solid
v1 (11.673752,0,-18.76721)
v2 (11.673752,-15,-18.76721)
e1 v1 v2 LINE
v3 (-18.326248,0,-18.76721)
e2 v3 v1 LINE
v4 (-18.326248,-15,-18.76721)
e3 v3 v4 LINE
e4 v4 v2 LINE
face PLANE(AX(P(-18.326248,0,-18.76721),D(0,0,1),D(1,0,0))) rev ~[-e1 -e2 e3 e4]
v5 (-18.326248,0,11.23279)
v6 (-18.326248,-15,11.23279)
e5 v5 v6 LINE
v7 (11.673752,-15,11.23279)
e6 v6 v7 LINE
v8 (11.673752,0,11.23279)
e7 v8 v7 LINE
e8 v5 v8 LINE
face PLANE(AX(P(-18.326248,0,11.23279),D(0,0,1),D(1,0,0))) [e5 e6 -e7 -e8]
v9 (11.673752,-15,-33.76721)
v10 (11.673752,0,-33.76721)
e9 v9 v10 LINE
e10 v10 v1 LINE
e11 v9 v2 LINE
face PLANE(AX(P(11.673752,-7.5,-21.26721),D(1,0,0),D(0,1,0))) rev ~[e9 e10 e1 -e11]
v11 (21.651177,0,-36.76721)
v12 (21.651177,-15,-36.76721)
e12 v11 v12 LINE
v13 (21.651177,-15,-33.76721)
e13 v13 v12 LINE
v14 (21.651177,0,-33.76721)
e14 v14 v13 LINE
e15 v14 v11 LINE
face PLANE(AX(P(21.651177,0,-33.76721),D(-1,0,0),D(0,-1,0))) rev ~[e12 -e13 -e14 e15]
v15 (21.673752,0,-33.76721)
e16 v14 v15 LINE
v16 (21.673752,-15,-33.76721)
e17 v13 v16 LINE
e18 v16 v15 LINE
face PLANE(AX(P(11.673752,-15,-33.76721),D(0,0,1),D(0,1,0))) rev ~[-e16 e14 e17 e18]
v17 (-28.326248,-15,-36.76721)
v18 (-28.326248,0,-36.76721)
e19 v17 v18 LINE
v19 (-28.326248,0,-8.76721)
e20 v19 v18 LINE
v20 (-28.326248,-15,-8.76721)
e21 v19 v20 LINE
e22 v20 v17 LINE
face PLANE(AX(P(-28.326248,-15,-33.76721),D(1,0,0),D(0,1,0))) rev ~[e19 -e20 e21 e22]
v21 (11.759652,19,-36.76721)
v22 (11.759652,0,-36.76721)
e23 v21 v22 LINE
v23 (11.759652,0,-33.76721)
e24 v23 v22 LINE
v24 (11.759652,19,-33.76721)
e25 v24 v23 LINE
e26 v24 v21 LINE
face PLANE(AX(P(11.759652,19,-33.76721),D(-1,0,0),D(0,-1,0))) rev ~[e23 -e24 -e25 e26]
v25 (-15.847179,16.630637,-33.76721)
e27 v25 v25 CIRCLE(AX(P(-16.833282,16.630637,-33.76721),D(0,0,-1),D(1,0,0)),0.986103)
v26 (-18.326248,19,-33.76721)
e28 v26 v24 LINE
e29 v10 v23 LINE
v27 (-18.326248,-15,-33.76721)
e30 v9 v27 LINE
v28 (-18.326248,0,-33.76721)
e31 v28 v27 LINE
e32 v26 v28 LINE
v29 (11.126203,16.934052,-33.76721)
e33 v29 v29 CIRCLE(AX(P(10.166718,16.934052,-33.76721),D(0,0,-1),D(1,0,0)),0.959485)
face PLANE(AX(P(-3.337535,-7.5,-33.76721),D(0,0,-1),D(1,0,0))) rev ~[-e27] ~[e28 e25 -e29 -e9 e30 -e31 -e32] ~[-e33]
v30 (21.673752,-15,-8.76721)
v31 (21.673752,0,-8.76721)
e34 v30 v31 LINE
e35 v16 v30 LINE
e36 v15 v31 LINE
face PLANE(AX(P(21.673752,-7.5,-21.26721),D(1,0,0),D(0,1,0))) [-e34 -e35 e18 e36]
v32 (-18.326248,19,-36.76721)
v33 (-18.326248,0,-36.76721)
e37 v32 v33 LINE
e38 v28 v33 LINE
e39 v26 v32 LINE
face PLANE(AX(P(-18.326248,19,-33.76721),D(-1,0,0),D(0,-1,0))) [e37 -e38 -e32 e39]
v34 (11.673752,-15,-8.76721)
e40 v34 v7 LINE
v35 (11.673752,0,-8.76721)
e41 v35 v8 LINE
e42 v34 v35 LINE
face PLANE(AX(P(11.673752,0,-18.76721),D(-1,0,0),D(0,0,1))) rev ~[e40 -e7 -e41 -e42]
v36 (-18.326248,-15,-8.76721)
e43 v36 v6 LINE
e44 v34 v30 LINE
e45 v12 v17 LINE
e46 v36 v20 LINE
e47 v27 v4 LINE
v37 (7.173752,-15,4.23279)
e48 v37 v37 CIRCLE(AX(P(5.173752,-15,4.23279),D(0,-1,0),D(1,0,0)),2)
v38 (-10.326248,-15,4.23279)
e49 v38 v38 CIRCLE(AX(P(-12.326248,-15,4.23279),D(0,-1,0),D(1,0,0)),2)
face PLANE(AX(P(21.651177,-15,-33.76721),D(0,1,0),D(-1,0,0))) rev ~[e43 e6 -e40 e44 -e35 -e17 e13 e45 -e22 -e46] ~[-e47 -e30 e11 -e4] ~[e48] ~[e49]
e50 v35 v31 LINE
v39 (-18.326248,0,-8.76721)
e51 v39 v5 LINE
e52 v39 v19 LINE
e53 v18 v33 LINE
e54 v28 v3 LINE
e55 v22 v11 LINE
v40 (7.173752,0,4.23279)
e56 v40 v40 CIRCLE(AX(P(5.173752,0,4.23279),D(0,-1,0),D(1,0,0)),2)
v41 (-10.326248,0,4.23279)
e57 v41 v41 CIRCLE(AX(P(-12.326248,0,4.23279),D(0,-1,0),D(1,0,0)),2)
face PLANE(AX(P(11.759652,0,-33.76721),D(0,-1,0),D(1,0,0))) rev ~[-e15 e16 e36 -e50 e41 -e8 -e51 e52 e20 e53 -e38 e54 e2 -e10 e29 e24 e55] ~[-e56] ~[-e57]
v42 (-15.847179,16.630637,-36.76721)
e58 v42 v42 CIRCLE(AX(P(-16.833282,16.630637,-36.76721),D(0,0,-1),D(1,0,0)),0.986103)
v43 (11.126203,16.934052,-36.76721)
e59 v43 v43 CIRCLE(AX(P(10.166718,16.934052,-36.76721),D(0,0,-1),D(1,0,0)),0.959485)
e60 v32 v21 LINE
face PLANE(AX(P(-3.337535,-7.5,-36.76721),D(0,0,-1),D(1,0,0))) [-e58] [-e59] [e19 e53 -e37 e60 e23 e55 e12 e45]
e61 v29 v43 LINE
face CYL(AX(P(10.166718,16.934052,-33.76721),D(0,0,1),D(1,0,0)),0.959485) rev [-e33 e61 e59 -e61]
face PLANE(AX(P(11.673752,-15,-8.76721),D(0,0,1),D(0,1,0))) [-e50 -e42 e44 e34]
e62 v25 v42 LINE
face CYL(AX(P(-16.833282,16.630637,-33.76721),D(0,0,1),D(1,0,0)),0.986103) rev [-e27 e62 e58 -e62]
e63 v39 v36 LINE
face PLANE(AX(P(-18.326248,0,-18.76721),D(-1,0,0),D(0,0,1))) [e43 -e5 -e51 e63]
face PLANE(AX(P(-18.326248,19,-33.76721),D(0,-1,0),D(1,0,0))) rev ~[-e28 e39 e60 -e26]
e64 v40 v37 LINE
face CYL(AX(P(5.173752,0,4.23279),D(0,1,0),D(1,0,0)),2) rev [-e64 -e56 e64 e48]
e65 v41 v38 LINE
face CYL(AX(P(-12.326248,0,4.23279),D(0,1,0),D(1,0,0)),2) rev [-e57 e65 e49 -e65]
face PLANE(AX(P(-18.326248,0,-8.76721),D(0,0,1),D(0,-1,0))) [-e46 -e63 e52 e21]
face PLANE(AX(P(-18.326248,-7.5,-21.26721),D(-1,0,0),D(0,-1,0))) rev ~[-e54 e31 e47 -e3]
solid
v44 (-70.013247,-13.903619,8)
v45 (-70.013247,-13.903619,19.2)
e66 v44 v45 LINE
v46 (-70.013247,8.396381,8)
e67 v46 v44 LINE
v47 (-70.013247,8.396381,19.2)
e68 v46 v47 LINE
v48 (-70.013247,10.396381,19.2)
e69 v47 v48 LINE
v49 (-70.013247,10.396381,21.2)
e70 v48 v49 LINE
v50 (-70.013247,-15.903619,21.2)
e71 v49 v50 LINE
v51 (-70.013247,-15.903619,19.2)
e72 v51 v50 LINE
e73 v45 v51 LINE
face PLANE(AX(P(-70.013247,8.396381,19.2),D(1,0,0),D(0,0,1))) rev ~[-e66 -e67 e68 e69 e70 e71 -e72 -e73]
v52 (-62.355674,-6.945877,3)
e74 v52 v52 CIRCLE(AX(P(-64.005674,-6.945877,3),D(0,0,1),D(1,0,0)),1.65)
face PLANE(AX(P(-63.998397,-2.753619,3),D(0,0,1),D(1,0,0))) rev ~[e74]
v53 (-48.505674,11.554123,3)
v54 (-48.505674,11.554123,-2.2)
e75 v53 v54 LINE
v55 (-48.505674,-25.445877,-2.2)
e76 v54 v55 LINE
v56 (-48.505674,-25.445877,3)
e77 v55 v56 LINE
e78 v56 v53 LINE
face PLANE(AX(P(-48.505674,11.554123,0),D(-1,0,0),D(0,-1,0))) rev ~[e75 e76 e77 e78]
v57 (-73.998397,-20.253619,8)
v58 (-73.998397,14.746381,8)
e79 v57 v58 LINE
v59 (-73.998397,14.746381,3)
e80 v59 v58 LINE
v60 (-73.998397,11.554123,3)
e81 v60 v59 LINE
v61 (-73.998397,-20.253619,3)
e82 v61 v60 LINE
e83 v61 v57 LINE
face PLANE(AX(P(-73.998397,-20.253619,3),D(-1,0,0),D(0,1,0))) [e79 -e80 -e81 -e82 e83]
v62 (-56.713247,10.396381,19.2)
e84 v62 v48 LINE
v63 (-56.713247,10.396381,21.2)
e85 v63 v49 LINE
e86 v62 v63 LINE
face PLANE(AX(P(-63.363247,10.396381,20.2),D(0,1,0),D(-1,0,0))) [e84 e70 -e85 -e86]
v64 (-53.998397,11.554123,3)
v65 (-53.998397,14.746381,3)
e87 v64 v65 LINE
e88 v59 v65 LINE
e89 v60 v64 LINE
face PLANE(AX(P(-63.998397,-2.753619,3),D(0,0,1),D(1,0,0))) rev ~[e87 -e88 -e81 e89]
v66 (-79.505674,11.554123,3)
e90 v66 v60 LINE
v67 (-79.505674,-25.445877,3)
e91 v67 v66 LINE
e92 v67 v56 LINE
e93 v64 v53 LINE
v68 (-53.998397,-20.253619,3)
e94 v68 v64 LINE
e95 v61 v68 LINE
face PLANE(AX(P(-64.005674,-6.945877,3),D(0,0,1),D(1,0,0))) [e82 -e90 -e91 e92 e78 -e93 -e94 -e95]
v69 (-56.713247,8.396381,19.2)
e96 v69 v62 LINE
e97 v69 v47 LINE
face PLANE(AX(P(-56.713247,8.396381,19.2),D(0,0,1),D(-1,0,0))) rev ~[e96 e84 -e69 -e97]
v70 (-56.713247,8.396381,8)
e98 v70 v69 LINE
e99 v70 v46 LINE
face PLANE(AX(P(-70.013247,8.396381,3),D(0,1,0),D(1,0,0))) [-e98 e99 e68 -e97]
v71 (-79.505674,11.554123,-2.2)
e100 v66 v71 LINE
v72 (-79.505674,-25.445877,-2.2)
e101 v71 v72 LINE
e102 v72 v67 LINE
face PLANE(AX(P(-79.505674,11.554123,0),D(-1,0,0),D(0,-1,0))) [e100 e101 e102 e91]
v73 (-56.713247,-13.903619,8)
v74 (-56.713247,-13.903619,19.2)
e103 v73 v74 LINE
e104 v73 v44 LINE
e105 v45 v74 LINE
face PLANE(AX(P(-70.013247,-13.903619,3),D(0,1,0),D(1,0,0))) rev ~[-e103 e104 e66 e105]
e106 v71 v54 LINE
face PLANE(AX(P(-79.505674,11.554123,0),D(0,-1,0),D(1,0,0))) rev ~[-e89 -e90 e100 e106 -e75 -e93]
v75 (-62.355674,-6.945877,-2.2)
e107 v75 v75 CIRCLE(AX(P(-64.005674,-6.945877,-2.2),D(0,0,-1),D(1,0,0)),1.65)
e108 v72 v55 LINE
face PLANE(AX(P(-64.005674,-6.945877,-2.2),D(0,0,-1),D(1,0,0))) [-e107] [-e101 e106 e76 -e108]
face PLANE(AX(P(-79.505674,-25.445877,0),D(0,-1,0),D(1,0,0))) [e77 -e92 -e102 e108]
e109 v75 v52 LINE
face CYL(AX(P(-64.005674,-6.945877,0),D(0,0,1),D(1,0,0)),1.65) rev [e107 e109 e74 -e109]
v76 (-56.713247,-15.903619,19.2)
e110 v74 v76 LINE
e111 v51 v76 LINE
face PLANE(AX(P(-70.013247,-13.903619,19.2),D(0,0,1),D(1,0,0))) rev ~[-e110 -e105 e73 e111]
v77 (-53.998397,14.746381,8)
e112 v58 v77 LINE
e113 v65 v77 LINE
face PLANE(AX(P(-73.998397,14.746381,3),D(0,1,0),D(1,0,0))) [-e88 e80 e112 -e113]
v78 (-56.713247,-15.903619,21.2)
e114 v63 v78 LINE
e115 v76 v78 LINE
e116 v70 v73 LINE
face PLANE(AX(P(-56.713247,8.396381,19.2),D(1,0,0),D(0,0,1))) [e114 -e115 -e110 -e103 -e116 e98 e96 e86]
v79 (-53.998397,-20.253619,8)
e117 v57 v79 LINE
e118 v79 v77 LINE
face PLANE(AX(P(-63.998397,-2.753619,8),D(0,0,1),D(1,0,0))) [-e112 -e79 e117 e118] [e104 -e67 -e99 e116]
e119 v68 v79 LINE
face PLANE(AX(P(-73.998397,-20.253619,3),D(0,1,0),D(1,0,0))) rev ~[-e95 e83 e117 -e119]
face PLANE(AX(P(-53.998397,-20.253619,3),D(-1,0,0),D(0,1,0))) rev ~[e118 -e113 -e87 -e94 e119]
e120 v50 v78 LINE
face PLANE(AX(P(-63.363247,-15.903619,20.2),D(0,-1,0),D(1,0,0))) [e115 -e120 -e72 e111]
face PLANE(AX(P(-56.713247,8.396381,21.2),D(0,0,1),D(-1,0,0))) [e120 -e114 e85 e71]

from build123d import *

# Parameters (mm, degrees)
F0_W      = 30
F0_H      = 30
F0_R      = 2
F1_DEPTH  = 15
F2_W      = 15
F2_H      = 25
F3_DEPTH  = 10
F4_W      = 15
F4_H      = 25
F5_DEPTH  = 10
F6_W      = 30.0859
F6_H      = 19
F6_R      = 0.986103
F6_R_2    = 0.959485
F7_DEPTH  = 3
F8_W      = 31
F8_H      = 37
F8_R      = 1.65
F9_DEPTH  = 3
F10_W     = 20
F10_H     = 35
F10_W_2   = 13.3
F10_H_2   = 22.3
F10_R     = 1.65
F11_DEPTH = 5
F12_DEPTH = 18.2
F13_W     = 13.3
F13_H     = 2
F14_DEPTH = 2
F15_W     = 13.3
F15_H     = 2
F16_DEPTH = 2
F9_FACE_W = 31
F9_FACE_H = 37
F9_FACE_R = 1.65
F17_DEPTH = 2.2


with BuildPart() as f1:
    # F0 (on Front) → F1 (new body)
    with BuildSketch(Plane.XZ):
        with Locations((-3.326248, -3.76721)):
            Rectangle(F0_W, F0_H)
        with Locations((-12.326248, 4.23279)):
            Circle(F0_R, mode=Mode.SUBTRACT)
        with Locations((5.173752, 4.23279)):
            Circle(F0_R, mode=Mode.SUBTRACT)
    extrude(amount=F1_DEPTH)

    # F2 (on face) → F3 (join)
    with BuildSketch(Plane(origin=(-18.326248, 0, 0), x_dir=(0, -1, 0), z_dir=(-1, 0, 0))):
        with Locations((7.5, -21.26721)):
            Rectangle(F2_W, F2_H)
    extrude(amount=F3_DEPTH)

    # F4 (on face) → F5 (join)
    with BuildSketch(Plane.YZ.offset(11.673752)):
        with Locations((-7.5, -21.26721)):
            Rectangle(F4_W, F4_H)
    extrude(amount=F5_DEPTH)

    # F6 (on face) → F7 (join)
    with BuildSketch(Plane(origin=(0, 0, -33.76721), x_dir=(1, 0, 0), z_dir=(0, 0, -1))):
        Polygon((21.651177, 15), (-28.326248, 15), (-28.326248, 0), (-18.326248, 0), (11.759652, 0), (21.651177, 0), align=None)
        with Locations((-3.283298, -9.5)):
            Rectangle(F6_W, F6_H)
        with Locations((-16.833282, -16.630637)):
            Circle(F6_R, mode=Mode.SUBTRACT)
        with Locations((10.166718, -16.934052)):
            Circle(F6_R_2, mode=Mode.SUBTRACT)
    extrude(amount=F7_DEPTH)


with BuildPart() as f9:
    # F8 (on Top) → F9 (new body)
    with BuildSketch(Plane.XY):
        with Locations((-64.005674, -6.945877)):
            Rectangle(F8_W, F8_H)
        with Locations((-64.005674, -6.945877)):
            Circle(F8_R, mode=Mode.SUBTRACT)
    extrude(amount=F9_DEPTH)

    # F10 (on face) → F11 (join)
    with BuildSketch(Plane.XY.offset(3)):
        with Locations((-63.998397, -2.753619)):
            Rectangle(F10_W, F10_H)
        with Locations((-63.363247, -2.753619)):
            Rectangle(F10_W_2, F10_H_2, mode=Mode.SUBTRACT)
        with Locations((-63.363247, -2.753619)):
            Rectangle(F10_W_2, F10_H_2)
        with Locations((-64.005674, -6.945877)):
            Circle(F10_R)
    extrude(amount=F11_DEPTH)

    # F10 (on face) → F12 (join)
    with BuildSketch(Plane.XY.offset(3)):
        with Locations((-63.363247, -2.753619)):
            Rectangle(F10_W_2, F10_H_2)
        with Locations((-64.005674, -6.945877)):
            Circle(F10_R, mode=Mode.SUBTRACT)
        with Locations((-64.005674, -6.945877)):
            Circle(F10_R)
    extrude(amount=F12_DEPTH)

    # F13 (on face) → F14 (join)
    with BuildSketch(Plane.XZ.offset(13.903619)):
        with Locations((-63.363247, 20.2)):
            Rectangle(F13_W, F13_H)
    extrude(amount=F14_DEPTH)

    # F15 (on face) → F16 (join)
    with BuildSketch(Plane(origin=(0, 8.396381, 0), x_dir=(-1, 0, 0), z_dir=(0, 1, 0))):
        with Locations((63.363247, 20.2)):
            Rectangle(F15_W, F15_H)
    extrude(amount=F16_DEPTH)

    # F9_face (on face) → F17 (join)
    with BuildSketch(Plane(origin=(-64.005674, -6.945877, 0), x_dir=(1, 0, 0), z_dir=(0, 0, -1))):
        Rectangle(F9_FACE_W, F9_FACE_H)
        Circle(F9_FACE_R, mode=Mode.SUBTRACT)
    extrude(amount=F17_DEPTH)


solid = Compound([f1.part, f9.part])
